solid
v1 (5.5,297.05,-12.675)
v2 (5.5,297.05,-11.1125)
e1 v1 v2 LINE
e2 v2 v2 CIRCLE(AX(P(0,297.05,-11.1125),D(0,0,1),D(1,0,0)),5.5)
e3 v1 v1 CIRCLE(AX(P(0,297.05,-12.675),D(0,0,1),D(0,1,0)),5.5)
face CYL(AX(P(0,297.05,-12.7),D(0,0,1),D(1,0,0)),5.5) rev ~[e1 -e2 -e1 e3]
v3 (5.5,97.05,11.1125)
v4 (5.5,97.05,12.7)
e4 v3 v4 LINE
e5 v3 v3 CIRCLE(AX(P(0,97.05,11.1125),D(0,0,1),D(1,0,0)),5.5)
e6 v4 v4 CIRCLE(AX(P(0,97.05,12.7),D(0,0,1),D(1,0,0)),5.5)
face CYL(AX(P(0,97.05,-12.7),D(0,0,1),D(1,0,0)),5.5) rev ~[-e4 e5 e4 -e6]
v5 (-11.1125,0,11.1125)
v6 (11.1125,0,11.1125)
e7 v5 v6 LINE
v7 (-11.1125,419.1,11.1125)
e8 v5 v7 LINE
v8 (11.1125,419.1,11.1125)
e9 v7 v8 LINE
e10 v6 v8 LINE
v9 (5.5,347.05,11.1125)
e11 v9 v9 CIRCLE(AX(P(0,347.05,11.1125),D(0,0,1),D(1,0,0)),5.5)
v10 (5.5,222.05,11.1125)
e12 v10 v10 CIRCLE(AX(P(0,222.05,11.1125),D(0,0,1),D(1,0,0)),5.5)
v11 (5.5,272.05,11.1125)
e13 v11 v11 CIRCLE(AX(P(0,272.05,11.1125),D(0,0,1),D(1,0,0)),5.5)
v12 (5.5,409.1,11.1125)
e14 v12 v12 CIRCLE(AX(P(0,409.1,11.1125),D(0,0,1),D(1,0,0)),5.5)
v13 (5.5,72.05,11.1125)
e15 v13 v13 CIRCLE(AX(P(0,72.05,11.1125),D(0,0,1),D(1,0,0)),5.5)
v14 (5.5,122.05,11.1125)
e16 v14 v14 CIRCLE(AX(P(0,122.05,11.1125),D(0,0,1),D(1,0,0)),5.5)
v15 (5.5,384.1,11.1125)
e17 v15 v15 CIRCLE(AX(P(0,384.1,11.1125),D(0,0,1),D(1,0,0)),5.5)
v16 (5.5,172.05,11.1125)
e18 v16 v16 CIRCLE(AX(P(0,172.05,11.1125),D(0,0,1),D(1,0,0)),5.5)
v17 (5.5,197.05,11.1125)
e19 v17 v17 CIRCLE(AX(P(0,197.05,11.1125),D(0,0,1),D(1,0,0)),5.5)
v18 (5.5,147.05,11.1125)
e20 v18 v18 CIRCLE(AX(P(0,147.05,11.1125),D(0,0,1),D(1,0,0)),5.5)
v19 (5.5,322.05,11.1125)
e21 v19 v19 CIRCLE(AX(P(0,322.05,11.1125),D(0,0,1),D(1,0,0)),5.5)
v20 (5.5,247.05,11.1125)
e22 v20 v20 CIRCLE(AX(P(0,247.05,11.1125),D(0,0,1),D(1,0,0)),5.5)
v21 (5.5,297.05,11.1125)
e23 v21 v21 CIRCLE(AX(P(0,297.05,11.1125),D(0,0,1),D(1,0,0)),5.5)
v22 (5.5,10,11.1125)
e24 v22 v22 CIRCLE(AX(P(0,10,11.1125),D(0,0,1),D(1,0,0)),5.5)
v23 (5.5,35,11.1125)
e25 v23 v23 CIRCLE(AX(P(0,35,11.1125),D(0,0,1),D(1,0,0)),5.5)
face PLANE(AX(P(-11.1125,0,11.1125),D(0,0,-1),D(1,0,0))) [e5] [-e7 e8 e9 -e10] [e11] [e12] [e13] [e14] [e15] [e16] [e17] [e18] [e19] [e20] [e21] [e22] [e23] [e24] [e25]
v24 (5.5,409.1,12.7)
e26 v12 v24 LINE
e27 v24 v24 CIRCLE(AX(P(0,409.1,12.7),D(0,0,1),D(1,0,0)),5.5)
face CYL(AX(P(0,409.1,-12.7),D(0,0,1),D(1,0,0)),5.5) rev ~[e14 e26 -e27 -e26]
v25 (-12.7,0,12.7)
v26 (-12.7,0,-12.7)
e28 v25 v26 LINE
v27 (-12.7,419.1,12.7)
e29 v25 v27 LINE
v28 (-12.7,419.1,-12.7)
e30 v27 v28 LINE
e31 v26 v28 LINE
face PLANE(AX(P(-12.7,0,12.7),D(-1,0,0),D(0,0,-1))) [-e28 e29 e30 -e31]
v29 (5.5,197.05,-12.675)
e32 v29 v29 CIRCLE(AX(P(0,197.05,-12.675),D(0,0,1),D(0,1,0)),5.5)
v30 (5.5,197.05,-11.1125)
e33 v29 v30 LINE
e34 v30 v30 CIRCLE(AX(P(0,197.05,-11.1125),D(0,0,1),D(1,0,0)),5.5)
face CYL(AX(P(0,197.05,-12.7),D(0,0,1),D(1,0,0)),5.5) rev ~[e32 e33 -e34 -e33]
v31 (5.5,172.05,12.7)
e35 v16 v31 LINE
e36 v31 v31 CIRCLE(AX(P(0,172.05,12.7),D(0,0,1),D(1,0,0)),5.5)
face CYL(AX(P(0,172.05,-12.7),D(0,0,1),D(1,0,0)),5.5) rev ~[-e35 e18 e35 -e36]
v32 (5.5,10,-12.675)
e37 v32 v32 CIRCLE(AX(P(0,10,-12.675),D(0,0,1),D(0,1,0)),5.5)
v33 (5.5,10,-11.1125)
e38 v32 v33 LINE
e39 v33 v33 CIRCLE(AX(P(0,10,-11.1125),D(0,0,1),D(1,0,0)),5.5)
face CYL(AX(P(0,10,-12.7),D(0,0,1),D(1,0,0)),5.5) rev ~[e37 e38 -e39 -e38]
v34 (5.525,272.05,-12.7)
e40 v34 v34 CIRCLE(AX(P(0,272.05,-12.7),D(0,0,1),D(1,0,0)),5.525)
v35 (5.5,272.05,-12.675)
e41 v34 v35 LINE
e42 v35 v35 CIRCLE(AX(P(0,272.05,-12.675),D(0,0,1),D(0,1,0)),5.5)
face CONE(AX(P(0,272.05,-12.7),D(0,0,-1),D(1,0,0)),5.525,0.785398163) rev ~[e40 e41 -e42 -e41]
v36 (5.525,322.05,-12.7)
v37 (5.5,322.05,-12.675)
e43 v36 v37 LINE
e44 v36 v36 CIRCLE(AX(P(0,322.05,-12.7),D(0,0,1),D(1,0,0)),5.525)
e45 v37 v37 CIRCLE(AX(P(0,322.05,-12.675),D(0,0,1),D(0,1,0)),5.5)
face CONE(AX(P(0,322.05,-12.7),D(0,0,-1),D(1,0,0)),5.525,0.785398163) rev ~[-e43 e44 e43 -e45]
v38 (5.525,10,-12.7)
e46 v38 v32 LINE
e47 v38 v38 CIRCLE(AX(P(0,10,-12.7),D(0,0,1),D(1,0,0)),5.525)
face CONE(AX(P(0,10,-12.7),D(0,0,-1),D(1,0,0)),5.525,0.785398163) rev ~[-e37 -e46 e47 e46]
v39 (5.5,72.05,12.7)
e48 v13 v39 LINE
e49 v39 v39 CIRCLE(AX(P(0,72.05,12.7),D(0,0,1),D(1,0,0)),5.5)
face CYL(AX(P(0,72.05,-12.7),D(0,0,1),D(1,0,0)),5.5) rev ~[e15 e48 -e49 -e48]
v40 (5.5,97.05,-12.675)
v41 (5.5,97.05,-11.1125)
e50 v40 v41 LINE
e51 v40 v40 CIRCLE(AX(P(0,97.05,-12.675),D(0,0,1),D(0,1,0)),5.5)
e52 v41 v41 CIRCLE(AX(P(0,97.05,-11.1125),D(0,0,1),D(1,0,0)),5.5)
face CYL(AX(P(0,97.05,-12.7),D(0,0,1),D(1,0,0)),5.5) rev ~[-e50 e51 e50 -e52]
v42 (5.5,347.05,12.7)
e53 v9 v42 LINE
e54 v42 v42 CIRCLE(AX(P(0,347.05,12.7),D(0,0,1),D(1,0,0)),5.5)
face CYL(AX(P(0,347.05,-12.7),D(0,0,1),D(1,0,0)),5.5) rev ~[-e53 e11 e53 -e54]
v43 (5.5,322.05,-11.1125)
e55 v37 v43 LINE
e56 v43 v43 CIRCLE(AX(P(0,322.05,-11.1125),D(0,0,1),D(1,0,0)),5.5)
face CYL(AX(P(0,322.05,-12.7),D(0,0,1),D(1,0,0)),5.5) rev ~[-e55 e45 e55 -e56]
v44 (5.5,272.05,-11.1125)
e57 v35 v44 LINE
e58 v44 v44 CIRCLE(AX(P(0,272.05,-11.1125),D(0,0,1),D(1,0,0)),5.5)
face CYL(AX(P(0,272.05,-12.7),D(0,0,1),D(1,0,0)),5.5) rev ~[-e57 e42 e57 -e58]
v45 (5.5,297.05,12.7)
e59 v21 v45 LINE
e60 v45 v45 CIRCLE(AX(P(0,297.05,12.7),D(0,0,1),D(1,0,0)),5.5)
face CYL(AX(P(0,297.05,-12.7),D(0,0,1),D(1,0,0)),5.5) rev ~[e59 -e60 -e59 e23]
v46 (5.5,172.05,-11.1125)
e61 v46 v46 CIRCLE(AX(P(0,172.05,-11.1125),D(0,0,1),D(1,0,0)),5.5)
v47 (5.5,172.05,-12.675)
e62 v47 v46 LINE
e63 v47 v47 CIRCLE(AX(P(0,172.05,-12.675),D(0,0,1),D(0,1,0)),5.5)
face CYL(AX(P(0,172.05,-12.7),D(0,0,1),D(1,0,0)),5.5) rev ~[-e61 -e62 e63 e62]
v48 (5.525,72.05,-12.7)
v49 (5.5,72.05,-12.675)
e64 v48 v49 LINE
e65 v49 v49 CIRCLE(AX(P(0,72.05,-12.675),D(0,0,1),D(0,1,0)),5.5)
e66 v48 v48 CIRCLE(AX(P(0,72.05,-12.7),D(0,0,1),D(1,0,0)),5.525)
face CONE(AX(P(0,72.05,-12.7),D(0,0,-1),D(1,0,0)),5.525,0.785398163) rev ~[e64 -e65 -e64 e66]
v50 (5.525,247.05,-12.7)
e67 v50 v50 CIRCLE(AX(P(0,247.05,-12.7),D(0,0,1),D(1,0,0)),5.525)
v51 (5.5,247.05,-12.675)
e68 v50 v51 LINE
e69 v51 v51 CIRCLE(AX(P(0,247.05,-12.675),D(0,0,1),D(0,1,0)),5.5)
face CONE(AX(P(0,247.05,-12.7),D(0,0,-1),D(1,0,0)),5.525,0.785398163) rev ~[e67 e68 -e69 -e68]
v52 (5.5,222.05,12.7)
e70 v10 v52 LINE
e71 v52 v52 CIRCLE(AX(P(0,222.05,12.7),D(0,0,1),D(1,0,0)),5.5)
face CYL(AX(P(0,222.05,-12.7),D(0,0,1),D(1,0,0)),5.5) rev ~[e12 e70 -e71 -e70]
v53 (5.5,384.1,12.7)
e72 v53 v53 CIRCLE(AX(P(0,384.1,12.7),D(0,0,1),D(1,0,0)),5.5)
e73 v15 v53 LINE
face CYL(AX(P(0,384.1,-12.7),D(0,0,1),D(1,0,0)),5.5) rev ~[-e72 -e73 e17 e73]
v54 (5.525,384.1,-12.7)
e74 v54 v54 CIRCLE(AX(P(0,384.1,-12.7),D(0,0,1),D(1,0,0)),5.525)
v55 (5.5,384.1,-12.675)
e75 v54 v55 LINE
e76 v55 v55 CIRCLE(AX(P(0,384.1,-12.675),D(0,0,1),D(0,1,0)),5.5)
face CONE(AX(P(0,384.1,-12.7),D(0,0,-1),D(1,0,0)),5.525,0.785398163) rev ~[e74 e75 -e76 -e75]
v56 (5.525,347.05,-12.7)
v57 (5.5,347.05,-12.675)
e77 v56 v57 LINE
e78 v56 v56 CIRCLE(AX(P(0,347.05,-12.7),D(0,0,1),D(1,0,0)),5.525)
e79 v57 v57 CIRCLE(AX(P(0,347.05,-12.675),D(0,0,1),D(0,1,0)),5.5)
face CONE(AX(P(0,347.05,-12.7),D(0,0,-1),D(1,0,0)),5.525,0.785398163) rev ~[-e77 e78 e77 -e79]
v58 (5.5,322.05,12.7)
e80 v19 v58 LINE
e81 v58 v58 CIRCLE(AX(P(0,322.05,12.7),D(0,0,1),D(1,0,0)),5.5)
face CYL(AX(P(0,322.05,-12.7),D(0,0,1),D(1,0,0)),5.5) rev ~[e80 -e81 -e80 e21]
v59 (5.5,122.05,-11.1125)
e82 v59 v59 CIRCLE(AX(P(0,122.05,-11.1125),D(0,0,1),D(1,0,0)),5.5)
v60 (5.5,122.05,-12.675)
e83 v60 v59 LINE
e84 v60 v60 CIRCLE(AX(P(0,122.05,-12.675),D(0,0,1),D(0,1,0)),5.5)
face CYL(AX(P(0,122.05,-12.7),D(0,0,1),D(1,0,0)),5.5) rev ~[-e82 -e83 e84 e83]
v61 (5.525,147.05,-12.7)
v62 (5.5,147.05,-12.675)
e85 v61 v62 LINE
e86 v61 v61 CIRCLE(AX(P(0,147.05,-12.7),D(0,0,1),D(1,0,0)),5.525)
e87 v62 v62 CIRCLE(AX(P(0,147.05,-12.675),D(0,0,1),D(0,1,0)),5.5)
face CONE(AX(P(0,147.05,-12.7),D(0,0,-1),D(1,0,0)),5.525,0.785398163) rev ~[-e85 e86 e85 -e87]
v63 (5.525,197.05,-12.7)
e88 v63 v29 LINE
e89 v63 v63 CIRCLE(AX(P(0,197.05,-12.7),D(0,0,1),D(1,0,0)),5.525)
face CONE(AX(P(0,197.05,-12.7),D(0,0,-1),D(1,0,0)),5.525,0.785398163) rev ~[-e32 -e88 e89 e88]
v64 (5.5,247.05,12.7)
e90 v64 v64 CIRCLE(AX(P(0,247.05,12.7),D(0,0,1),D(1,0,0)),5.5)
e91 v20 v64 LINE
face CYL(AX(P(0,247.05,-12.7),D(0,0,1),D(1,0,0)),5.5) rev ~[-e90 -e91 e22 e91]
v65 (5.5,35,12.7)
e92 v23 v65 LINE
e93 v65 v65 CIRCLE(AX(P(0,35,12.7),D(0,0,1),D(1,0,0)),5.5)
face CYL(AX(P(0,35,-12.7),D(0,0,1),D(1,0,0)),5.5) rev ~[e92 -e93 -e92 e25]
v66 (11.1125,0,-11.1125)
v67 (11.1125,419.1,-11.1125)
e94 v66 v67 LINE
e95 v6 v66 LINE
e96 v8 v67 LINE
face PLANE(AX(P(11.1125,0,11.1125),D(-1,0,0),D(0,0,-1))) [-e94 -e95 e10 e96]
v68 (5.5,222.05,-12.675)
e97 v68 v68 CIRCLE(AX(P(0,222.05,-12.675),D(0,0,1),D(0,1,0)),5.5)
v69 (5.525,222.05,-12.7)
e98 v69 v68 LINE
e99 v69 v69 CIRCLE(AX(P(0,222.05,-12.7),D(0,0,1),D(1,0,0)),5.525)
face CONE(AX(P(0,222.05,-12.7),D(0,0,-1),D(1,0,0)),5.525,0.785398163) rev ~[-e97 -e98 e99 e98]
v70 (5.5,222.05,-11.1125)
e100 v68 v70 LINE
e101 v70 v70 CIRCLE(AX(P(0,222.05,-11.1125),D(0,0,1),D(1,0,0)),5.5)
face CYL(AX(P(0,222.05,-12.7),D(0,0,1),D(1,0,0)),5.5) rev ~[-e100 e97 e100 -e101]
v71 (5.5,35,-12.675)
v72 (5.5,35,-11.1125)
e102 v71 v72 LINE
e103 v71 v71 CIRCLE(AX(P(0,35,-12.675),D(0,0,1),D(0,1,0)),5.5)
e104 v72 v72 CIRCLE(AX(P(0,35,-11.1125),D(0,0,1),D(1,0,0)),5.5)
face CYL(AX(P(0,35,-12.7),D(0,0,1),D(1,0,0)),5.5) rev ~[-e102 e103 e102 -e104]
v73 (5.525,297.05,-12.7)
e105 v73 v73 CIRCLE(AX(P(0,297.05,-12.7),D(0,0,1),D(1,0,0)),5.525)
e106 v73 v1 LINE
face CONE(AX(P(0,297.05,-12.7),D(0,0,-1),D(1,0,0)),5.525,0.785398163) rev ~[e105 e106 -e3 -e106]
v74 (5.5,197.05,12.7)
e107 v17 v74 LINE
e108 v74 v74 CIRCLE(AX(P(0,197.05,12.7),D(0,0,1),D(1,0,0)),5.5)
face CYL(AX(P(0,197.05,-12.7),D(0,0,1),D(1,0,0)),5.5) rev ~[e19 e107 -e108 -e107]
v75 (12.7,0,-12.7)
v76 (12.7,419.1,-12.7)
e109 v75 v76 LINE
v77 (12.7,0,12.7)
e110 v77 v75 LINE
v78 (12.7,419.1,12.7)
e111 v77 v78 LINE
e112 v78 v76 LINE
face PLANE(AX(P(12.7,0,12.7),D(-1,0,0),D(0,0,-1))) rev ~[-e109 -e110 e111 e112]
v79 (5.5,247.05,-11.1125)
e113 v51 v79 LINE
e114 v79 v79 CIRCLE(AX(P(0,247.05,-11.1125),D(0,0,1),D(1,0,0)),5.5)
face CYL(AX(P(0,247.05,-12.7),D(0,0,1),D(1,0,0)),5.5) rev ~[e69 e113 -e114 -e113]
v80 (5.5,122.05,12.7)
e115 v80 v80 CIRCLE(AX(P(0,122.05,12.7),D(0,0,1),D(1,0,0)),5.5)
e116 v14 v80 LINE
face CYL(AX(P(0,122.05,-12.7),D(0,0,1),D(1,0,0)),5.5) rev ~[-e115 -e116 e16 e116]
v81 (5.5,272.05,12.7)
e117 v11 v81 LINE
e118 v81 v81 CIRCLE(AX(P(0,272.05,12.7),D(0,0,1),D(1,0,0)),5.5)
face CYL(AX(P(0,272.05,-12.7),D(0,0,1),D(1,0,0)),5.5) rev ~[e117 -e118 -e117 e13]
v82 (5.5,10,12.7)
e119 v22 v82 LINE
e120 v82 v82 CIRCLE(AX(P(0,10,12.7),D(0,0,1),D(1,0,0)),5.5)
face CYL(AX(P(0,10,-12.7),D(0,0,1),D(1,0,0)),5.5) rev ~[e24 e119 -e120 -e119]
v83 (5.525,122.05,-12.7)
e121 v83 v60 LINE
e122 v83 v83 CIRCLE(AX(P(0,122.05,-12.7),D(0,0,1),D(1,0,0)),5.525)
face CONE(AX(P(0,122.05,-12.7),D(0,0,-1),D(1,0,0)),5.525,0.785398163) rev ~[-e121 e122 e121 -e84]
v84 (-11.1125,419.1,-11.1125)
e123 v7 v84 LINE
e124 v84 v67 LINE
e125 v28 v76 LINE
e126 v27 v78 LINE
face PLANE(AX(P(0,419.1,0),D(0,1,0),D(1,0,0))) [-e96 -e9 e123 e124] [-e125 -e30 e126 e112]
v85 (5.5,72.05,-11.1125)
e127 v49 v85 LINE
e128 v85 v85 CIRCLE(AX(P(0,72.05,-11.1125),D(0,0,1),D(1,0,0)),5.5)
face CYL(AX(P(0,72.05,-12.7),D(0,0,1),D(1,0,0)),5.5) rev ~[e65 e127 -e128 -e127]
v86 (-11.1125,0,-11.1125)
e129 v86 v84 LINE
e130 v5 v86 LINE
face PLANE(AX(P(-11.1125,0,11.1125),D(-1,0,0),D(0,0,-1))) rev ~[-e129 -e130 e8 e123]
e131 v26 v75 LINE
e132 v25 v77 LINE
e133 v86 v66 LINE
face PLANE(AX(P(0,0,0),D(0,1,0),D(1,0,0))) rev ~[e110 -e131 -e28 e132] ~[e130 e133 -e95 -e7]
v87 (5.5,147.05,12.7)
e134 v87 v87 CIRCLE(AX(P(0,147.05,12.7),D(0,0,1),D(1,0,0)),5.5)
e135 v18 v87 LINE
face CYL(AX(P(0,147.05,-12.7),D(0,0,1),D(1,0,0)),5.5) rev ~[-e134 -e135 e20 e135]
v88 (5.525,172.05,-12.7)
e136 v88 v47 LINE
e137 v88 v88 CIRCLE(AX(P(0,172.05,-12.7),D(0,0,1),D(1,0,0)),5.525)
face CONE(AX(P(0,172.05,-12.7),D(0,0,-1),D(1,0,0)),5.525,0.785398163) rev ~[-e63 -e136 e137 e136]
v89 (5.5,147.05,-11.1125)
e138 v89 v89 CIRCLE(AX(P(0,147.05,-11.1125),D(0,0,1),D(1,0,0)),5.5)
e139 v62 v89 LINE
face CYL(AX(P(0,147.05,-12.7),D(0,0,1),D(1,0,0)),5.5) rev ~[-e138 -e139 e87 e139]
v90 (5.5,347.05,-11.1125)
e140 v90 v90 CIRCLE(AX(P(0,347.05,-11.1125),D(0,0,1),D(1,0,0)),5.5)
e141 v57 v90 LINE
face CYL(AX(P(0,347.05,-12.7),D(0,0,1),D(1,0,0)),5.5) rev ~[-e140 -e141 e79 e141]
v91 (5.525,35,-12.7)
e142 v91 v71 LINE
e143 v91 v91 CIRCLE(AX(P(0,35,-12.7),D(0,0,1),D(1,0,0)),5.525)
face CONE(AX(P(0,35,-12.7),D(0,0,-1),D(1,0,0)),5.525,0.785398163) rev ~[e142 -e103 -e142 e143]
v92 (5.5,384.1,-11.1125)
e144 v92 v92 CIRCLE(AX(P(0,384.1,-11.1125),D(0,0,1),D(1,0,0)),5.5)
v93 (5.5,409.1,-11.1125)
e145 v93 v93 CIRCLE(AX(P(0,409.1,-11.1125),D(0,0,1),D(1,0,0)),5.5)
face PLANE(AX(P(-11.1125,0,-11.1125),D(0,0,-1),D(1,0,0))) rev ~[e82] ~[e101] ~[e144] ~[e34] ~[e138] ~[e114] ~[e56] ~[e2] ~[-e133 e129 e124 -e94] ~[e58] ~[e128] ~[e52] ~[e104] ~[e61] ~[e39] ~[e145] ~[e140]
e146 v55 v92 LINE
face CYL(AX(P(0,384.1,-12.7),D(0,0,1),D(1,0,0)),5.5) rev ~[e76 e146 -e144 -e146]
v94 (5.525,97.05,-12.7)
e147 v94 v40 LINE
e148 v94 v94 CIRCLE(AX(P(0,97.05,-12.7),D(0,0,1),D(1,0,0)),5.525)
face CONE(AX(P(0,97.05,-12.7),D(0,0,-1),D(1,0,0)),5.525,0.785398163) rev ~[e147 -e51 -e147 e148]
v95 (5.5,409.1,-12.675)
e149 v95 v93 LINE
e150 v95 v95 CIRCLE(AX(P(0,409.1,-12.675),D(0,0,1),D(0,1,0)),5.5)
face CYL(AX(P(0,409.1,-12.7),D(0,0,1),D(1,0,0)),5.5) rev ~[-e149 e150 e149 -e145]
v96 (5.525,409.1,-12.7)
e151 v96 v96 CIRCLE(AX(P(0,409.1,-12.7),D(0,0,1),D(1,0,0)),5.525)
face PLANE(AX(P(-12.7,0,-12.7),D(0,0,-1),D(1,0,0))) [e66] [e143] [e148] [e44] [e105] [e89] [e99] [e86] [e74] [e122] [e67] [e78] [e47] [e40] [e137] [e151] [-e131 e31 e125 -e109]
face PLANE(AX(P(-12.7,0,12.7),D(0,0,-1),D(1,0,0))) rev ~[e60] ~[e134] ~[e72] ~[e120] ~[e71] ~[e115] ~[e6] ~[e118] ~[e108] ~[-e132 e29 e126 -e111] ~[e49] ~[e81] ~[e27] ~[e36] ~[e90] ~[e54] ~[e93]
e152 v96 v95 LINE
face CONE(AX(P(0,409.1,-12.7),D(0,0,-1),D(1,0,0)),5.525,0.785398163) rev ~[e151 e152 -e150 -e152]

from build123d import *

# Parameters (mm, degrees)
SKETCH1_W                       = 25.4
SKETCH1_H                       = 25.4
SKETCH1_W_2                     = 22.225
SKETCH1_H_2                     = 22.225
EXTRUDE_THIN1_DEPTH             = 419.1
M10_CLEARANCE_HOLE1_D           = 11
M10_CLEARANCE_HOLE1_CSINK_D     = 11.05
M10_CLEARANCE_HOLE1_CSINK_ANGLE = 90
M10_CLEARANCE_HOLE2_D           = 11
M10_CLEARANCE_HOLE2_CSINK_D     = 11.05
M10_CLEARANCE_HOLE2_CSINK_ANGLE = 90
LPATTERN2_COUNT                 = 6
LPATTERN2_PITCH                 = 25
LPATTERN2_COL_COUNT             = 6
LPATTERN2_COL_PITCH             = 25


with BuildPart() as part:
    # Sketch1 → Extrude-Thin1 (new body)
    with BuildSketch(Plane(origin=(0, 0, 0), x_dir=(1, 0, 0), z_dir=(0, 1, 0))):
        Rectangle(SKETCH1_W, SKETCH1_H)
        Rectangle(SKETCH1_W_2, SKETCH1_H_2, mode=Mode.SUBTRACT)
    extrude(amount=EXTRUDE_THIN1_DEPTH)

    # M10 Clearance Hole1 (through all)
    with Locations(Plane(origin=(0, 0, -12.7), x_dir=(-1, 0, 0), z_dir=(0, 0, -1))):
        with Locations((0, 409.1), (0, 384.1), (0, 35), (0, 10)):
            CounterSinkHole(M10_CLEARANCE_HOLE1_D / 2, M10_CLEARANCE_HOLE1_CSINK_D / 2, counter_sink_angle=M10_CLEARANCE_HOLE1_CSINK_ANGLE)

    # M10 Clearance Hole2 (through all)
    with Locations(Plane(origin=(0, 0, -12.7), x_dir=(-1, 0, 0), z_dir=(0, 0, -1))):
        with Locations((0, 197.05), (0, 222.05)):
            m10_clearance_hole2 = CounterSinkHole(M10_CLEARANCE_HOLE2_D / 2, M10_CLEARANCE_HOLE2_CSINK_D / 2, counter_sink_angle=M10_CLEARANCE_HOLE2_CSINK_ANGLE)

    # LPattern2: M10 Clearance Hole2 ×6
    with Locations(*[(0, i * LPATTERN2_PITCH, 0) for i in range(1, LPATTERN2_COUNT)]):
        add(m10_clearance_hole2, mode=Mode.SUBTRACT)

    # LPattern2 col: M10 Clearance Hole2 ×6
    with Locations(*[(0, -i * LPATTERN2_COL_PITCH, 0) for i in range(1, LPATTERN2_COL_COUNT)]):
        add(m10_clearance_hole2, mode=Mode.SUBTRACT)


solid = part.part
